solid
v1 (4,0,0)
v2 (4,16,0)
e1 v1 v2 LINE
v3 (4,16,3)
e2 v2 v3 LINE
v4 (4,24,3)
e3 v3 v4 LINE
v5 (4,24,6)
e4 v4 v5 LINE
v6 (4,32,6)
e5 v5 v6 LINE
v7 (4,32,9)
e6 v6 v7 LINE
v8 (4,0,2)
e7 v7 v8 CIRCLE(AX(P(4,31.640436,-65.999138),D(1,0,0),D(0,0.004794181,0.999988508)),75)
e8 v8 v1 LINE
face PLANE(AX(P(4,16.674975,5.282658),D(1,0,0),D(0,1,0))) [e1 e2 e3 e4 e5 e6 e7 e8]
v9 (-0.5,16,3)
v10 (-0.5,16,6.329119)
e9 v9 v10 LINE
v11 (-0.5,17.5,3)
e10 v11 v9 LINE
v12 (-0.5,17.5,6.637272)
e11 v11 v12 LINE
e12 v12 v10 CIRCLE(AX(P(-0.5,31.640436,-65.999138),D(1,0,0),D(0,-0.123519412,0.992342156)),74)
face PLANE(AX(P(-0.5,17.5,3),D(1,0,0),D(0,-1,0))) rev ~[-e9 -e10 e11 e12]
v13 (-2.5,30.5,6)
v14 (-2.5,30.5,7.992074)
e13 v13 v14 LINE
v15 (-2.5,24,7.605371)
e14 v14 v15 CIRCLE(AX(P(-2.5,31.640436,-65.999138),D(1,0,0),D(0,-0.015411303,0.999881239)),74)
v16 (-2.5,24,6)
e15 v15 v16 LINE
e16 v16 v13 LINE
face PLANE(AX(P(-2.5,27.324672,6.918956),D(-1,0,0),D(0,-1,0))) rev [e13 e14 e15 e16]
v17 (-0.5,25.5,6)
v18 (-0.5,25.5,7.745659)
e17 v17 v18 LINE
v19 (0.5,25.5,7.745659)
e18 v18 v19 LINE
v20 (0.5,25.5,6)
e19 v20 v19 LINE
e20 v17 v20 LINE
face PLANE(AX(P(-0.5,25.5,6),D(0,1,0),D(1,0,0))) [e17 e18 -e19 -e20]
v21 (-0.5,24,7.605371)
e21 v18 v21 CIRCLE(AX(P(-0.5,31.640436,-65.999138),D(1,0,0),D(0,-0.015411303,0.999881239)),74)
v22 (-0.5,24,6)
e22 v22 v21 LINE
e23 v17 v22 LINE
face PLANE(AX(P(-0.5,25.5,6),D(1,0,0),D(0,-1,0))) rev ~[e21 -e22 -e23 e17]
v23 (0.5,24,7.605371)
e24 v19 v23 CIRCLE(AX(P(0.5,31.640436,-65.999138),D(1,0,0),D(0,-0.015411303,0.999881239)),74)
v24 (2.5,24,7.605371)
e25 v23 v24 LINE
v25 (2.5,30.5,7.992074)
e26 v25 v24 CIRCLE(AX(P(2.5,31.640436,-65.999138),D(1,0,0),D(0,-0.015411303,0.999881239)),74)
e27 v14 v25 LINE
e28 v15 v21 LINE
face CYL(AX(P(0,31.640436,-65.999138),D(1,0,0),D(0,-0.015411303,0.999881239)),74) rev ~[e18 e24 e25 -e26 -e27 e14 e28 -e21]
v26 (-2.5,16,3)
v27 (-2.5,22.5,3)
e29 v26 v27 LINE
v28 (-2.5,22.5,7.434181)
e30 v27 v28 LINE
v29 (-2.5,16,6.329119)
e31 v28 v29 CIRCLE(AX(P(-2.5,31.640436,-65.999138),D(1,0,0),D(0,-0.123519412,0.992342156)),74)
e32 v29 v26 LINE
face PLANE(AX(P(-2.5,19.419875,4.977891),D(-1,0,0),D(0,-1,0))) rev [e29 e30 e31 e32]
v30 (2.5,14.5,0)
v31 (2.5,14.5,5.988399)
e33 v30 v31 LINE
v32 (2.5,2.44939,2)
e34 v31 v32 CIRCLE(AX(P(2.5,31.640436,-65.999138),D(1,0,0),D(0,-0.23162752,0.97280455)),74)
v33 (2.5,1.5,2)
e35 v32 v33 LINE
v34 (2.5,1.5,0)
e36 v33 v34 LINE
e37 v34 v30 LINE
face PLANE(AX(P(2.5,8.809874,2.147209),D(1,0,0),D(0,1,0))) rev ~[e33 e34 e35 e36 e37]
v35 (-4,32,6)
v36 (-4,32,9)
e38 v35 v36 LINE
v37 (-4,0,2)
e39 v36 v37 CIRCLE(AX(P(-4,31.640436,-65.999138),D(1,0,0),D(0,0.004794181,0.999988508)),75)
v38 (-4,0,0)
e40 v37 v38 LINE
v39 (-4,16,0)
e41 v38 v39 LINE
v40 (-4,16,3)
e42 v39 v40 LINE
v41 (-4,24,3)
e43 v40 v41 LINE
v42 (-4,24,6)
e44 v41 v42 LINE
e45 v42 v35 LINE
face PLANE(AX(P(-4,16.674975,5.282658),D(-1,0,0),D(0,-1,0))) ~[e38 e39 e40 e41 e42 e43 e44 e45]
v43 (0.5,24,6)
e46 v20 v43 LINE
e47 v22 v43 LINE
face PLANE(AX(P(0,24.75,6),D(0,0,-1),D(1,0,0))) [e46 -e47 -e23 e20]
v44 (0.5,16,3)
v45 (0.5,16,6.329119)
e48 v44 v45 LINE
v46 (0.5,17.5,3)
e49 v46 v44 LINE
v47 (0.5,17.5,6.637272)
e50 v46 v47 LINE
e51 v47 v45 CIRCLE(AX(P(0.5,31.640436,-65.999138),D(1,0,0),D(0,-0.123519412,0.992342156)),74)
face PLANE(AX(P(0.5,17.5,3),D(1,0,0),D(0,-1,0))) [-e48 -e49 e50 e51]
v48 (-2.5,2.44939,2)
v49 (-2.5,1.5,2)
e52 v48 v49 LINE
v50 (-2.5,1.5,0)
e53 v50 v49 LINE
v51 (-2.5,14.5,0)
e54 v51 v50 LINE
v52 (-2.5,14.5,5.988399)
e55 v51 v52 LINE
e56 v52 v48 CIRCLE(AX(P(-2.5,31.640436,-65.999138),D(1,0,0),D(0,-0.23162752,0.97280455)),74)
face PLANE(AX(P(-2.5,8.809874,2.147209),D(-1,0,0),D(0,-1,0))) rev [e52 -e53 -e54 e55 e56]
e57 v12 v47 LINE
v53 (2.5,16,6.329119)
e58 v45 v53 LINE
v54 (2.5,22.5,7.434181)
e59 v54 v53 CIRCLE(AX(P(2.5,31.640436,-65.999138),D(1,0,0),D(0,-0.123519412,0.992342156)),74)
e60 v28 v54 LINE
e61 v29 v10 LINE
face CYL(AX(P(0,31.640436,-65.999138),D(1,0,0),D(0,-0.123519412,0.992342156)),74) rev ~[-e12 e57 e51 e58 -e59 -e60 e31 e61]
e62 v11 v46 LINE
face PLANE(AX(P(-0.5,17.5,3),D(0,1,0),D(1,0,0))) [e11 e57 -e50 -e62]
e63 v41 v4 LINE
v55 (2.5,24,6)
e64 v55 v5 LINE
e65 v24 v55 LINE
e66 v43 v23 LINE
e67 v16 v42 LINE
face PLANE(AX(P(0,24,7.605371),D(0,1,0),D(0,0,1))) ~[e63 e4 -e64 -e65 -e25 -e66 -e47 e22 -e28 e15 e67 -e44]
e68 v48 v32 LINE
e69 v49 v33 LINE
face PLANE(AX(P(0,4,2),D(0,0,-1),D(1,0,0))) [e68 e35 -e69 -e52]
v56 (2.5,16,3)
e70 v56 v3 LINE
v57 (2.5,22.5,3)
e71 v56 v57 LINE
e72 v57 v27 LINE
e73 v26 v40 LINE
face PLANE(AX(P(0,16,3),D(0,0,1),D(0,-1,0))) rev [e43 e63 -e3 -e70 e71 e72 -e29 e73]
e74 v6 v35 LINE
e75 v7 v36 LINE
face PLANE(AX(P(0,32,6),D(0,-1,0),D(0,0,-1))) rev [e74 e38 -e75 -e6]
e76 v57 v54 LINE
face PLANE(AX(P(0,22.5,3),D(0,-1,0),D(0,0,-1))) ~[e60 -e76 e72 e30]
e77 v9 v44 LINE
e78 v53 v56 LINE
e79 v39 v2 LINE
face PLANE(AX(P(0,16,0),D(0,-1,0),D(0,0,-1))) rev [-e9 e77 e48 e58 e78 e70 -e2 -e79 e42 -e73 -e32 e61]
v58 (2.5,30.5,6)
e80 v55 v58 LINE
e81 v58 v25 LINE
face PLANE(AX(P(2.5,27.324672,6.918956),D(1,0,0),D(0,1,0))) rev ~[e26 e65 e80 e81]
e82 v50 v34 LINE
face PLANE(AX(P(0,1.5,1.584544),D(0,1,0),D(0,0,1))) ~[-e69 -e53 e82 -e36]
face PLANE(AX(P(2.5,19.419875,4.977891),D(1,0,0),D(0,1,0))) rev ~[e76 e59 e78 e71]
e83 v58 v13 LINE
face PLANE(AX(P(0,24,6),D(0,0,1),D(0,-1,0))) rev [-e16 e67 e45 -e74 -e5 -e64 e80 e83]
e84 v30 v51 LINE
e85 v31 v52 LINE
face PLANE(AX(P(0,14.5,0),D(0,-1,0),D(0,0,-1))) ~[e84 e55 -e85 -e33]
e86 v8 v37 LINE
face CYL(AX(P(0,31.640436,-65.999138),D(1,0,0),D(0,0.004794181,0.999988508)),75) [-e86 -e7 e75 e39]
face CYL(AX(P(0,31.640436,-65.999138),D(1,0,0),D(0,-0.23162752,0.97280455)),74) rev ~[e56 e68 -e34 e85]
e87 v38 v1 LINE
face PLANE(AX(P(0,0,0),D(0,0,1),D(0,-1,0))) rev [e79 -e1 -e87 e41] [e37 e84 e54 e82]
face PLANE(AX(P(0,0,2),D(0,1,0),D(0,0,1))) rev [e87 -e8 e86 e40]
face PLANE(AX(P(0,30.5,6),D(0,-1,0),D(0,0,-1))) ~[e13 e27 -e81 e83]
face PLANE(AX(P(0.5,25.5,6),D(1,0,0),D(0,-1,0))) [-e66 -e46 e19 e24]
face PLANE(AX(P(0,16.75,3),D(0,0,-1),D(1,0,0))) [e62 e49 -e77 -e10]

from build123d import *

# Parameters (mm, degrees)
F1_DEPTH = 4
F2_DEPTH = 2.5
F4_W     = 1
F4_H     = 1.5
F6_W     = 1
F6_H     = 1.5
F8_W     = 5
F8_H     = 5
F9_DEPTH = 2


with BuildPart() as f1:
    # F0 (on Right) → F1 (new body)
    with BuildSketch(Plane.YZ):
        with BuildLine():
            Line((0, 2), (0, 0))
            Line((0, 0), (1.5, 0))
            Line((1.5, 0), (1.5, 1.5845440408))
            ThreePointArc((1.5, 1.5845440408), (7.8976750419, 4.0885304442), (14.5, 5.9883985969))
            Line((14.5, 5.9883985969), (14.5, 0))
            Line((14.5, 0), (16, 0))
            Line((16, 0), (16, 3))
            Line((16, 3), (16, 6.3291188198))
            ThreePointArc((16, 6.3291188198), (19.2376865014, 6.9540783828), (22.5, 7.4341814697))
            Line((22.5, 7.4341814697), (22.5, 3))
            Line((22.5, 3), (24, 3))
            Line((24, 3), (24, 6))
            Line((24, 6), (24, 7.6053708135))
            ThreePointArc((24, 7.6053708135), (27.2457445405, 7.8702512613), (30.5, 7.9920735832))
            Line((30.5, 7.9920735832), (30.5, 6))
            Line((30.5, 6), (32, 6))
            Line((32, 6), (32, 9))
            ThreePointArc((32, 9), (15.6131705465, 7.2683632159), (0, 2))
        make_face()
        with BuildLine():
            Line((1.5, 1.5845440408), (1.5, 0))
            Line((1.5, 0), (14.5, 0))
            Line((14.5, 0), (14.5, 5.9883985969))
            ThreePointArc((14.5, 5.9883985969), (7.8976750419, 4.0885304442), (1.5, 1.5845440408))
        make_face()
        with BuildLine():
            Line((16, 6.3291188198), (16, 3))
            Line((16, 3), (22.5, 3))
            Line((22.5, 3), (22.5, 7.4341814697))
            ThreePointArc((22.5, 7.4341814697), (19.2376865014, 6.9540783828), (16, 6.3291188198))
        make_face()
        with BuildLine():
            Line((24, 6), (30.5, 6))
            Line((30.5, 6), (30.5, 7.9920735832))
            ThreePointArc((30.5, 7.9920735832), (27.2457445405, 7.8702512613), (24, 7.6053708135))
            Line((24, 7.6053708135), (24, 6))
        make_face()
    extrude(amount=F1_DEPTH)

    # F0 (on Right) → F2 (cut)
    with BuildSketch(Plane.YZ):
        with BuildLine():
            Line((24, 6), (30.5, 6))
            Line((30.5, 6), (30.5, 7.9920735832))
            ThreePointArc((30.5, 7.9920735832), (27.2457445405, 7.8702512613), (24, 7.6053708135))
            Line((24, 7.6053708135), (24, 6))
        make_face()
        with BuildLine():
            Line((16, 6.3291188198), (16, 3))
            Line((16, 3), (22.5, 3))
            Line((22.5, 3), (22.5, 7.4341814697))
            ThreePointArc((22.5, 7.4341814697), (19.2376865014, 6.9540783828), (16, 6.3291188198))
        make_face()
        with BuildLine():
            Line((1.5, 1.5845440408), (1.5, 0))
            Line((1.5, 0), (14.5, 0))
            Line((14.5, 0), (14.5, 5.9883985969))
            ThreePointArc((14.5, 5.9883985969), (7.8976750419, 4.0885304442), (1.5, 1.5845440408))
        make_face()
    extrude(amount=F2_DEPTH, mode=Mode.SUBTRACT)

    # F3: F1 across face


with BuildPart() as f1_1:
    add(f1.part)
    add(f1.part.mirror(Plane(origin=(0, 16.947812772, 5.3752677136), x_dir=(0, 1, 0), z_dir=(-1, 0, 0))))

    # F4 (on face) → F5 (join, up to the next surface of F1)
    with BuildSketch(Plane(origin=(0, 0, 6), x_dir=(1, 0, 0), z_dir=(0, 0, -1))):
        with Locations((0, -24.75)):
            Rectangle(F4_W, F4_H)
    extrude(until=Until.NEXT, dir=(0, 0, 1))

    # F6 (on face) → F7 (join, up to the next surface of F1)
    with BuildSketch(Plane(origin=(0, 0, 3), x_dir=(1, 0, 0), z_dir=(0, 0, -1))):
        with Locations((0, -16.75)):
            Rectangle(F6_W, F6_H)
    extrude(until=Until.NEXT, dir=(0, 0, 1))

    # F8 (on face) → F9 (cut)
    with BuildSketch(Plane(origin=(0, 0, 0), x_dir=(1, 0, 0), z_dir=(0, 0, -1))):
        with Locations((0, -4)):
            Rectangle(F8_W, F8_H)
    extrude(amount=-F9_DEPTH, mode=Mode.SUBTRACT)


solid = f1_1.part
